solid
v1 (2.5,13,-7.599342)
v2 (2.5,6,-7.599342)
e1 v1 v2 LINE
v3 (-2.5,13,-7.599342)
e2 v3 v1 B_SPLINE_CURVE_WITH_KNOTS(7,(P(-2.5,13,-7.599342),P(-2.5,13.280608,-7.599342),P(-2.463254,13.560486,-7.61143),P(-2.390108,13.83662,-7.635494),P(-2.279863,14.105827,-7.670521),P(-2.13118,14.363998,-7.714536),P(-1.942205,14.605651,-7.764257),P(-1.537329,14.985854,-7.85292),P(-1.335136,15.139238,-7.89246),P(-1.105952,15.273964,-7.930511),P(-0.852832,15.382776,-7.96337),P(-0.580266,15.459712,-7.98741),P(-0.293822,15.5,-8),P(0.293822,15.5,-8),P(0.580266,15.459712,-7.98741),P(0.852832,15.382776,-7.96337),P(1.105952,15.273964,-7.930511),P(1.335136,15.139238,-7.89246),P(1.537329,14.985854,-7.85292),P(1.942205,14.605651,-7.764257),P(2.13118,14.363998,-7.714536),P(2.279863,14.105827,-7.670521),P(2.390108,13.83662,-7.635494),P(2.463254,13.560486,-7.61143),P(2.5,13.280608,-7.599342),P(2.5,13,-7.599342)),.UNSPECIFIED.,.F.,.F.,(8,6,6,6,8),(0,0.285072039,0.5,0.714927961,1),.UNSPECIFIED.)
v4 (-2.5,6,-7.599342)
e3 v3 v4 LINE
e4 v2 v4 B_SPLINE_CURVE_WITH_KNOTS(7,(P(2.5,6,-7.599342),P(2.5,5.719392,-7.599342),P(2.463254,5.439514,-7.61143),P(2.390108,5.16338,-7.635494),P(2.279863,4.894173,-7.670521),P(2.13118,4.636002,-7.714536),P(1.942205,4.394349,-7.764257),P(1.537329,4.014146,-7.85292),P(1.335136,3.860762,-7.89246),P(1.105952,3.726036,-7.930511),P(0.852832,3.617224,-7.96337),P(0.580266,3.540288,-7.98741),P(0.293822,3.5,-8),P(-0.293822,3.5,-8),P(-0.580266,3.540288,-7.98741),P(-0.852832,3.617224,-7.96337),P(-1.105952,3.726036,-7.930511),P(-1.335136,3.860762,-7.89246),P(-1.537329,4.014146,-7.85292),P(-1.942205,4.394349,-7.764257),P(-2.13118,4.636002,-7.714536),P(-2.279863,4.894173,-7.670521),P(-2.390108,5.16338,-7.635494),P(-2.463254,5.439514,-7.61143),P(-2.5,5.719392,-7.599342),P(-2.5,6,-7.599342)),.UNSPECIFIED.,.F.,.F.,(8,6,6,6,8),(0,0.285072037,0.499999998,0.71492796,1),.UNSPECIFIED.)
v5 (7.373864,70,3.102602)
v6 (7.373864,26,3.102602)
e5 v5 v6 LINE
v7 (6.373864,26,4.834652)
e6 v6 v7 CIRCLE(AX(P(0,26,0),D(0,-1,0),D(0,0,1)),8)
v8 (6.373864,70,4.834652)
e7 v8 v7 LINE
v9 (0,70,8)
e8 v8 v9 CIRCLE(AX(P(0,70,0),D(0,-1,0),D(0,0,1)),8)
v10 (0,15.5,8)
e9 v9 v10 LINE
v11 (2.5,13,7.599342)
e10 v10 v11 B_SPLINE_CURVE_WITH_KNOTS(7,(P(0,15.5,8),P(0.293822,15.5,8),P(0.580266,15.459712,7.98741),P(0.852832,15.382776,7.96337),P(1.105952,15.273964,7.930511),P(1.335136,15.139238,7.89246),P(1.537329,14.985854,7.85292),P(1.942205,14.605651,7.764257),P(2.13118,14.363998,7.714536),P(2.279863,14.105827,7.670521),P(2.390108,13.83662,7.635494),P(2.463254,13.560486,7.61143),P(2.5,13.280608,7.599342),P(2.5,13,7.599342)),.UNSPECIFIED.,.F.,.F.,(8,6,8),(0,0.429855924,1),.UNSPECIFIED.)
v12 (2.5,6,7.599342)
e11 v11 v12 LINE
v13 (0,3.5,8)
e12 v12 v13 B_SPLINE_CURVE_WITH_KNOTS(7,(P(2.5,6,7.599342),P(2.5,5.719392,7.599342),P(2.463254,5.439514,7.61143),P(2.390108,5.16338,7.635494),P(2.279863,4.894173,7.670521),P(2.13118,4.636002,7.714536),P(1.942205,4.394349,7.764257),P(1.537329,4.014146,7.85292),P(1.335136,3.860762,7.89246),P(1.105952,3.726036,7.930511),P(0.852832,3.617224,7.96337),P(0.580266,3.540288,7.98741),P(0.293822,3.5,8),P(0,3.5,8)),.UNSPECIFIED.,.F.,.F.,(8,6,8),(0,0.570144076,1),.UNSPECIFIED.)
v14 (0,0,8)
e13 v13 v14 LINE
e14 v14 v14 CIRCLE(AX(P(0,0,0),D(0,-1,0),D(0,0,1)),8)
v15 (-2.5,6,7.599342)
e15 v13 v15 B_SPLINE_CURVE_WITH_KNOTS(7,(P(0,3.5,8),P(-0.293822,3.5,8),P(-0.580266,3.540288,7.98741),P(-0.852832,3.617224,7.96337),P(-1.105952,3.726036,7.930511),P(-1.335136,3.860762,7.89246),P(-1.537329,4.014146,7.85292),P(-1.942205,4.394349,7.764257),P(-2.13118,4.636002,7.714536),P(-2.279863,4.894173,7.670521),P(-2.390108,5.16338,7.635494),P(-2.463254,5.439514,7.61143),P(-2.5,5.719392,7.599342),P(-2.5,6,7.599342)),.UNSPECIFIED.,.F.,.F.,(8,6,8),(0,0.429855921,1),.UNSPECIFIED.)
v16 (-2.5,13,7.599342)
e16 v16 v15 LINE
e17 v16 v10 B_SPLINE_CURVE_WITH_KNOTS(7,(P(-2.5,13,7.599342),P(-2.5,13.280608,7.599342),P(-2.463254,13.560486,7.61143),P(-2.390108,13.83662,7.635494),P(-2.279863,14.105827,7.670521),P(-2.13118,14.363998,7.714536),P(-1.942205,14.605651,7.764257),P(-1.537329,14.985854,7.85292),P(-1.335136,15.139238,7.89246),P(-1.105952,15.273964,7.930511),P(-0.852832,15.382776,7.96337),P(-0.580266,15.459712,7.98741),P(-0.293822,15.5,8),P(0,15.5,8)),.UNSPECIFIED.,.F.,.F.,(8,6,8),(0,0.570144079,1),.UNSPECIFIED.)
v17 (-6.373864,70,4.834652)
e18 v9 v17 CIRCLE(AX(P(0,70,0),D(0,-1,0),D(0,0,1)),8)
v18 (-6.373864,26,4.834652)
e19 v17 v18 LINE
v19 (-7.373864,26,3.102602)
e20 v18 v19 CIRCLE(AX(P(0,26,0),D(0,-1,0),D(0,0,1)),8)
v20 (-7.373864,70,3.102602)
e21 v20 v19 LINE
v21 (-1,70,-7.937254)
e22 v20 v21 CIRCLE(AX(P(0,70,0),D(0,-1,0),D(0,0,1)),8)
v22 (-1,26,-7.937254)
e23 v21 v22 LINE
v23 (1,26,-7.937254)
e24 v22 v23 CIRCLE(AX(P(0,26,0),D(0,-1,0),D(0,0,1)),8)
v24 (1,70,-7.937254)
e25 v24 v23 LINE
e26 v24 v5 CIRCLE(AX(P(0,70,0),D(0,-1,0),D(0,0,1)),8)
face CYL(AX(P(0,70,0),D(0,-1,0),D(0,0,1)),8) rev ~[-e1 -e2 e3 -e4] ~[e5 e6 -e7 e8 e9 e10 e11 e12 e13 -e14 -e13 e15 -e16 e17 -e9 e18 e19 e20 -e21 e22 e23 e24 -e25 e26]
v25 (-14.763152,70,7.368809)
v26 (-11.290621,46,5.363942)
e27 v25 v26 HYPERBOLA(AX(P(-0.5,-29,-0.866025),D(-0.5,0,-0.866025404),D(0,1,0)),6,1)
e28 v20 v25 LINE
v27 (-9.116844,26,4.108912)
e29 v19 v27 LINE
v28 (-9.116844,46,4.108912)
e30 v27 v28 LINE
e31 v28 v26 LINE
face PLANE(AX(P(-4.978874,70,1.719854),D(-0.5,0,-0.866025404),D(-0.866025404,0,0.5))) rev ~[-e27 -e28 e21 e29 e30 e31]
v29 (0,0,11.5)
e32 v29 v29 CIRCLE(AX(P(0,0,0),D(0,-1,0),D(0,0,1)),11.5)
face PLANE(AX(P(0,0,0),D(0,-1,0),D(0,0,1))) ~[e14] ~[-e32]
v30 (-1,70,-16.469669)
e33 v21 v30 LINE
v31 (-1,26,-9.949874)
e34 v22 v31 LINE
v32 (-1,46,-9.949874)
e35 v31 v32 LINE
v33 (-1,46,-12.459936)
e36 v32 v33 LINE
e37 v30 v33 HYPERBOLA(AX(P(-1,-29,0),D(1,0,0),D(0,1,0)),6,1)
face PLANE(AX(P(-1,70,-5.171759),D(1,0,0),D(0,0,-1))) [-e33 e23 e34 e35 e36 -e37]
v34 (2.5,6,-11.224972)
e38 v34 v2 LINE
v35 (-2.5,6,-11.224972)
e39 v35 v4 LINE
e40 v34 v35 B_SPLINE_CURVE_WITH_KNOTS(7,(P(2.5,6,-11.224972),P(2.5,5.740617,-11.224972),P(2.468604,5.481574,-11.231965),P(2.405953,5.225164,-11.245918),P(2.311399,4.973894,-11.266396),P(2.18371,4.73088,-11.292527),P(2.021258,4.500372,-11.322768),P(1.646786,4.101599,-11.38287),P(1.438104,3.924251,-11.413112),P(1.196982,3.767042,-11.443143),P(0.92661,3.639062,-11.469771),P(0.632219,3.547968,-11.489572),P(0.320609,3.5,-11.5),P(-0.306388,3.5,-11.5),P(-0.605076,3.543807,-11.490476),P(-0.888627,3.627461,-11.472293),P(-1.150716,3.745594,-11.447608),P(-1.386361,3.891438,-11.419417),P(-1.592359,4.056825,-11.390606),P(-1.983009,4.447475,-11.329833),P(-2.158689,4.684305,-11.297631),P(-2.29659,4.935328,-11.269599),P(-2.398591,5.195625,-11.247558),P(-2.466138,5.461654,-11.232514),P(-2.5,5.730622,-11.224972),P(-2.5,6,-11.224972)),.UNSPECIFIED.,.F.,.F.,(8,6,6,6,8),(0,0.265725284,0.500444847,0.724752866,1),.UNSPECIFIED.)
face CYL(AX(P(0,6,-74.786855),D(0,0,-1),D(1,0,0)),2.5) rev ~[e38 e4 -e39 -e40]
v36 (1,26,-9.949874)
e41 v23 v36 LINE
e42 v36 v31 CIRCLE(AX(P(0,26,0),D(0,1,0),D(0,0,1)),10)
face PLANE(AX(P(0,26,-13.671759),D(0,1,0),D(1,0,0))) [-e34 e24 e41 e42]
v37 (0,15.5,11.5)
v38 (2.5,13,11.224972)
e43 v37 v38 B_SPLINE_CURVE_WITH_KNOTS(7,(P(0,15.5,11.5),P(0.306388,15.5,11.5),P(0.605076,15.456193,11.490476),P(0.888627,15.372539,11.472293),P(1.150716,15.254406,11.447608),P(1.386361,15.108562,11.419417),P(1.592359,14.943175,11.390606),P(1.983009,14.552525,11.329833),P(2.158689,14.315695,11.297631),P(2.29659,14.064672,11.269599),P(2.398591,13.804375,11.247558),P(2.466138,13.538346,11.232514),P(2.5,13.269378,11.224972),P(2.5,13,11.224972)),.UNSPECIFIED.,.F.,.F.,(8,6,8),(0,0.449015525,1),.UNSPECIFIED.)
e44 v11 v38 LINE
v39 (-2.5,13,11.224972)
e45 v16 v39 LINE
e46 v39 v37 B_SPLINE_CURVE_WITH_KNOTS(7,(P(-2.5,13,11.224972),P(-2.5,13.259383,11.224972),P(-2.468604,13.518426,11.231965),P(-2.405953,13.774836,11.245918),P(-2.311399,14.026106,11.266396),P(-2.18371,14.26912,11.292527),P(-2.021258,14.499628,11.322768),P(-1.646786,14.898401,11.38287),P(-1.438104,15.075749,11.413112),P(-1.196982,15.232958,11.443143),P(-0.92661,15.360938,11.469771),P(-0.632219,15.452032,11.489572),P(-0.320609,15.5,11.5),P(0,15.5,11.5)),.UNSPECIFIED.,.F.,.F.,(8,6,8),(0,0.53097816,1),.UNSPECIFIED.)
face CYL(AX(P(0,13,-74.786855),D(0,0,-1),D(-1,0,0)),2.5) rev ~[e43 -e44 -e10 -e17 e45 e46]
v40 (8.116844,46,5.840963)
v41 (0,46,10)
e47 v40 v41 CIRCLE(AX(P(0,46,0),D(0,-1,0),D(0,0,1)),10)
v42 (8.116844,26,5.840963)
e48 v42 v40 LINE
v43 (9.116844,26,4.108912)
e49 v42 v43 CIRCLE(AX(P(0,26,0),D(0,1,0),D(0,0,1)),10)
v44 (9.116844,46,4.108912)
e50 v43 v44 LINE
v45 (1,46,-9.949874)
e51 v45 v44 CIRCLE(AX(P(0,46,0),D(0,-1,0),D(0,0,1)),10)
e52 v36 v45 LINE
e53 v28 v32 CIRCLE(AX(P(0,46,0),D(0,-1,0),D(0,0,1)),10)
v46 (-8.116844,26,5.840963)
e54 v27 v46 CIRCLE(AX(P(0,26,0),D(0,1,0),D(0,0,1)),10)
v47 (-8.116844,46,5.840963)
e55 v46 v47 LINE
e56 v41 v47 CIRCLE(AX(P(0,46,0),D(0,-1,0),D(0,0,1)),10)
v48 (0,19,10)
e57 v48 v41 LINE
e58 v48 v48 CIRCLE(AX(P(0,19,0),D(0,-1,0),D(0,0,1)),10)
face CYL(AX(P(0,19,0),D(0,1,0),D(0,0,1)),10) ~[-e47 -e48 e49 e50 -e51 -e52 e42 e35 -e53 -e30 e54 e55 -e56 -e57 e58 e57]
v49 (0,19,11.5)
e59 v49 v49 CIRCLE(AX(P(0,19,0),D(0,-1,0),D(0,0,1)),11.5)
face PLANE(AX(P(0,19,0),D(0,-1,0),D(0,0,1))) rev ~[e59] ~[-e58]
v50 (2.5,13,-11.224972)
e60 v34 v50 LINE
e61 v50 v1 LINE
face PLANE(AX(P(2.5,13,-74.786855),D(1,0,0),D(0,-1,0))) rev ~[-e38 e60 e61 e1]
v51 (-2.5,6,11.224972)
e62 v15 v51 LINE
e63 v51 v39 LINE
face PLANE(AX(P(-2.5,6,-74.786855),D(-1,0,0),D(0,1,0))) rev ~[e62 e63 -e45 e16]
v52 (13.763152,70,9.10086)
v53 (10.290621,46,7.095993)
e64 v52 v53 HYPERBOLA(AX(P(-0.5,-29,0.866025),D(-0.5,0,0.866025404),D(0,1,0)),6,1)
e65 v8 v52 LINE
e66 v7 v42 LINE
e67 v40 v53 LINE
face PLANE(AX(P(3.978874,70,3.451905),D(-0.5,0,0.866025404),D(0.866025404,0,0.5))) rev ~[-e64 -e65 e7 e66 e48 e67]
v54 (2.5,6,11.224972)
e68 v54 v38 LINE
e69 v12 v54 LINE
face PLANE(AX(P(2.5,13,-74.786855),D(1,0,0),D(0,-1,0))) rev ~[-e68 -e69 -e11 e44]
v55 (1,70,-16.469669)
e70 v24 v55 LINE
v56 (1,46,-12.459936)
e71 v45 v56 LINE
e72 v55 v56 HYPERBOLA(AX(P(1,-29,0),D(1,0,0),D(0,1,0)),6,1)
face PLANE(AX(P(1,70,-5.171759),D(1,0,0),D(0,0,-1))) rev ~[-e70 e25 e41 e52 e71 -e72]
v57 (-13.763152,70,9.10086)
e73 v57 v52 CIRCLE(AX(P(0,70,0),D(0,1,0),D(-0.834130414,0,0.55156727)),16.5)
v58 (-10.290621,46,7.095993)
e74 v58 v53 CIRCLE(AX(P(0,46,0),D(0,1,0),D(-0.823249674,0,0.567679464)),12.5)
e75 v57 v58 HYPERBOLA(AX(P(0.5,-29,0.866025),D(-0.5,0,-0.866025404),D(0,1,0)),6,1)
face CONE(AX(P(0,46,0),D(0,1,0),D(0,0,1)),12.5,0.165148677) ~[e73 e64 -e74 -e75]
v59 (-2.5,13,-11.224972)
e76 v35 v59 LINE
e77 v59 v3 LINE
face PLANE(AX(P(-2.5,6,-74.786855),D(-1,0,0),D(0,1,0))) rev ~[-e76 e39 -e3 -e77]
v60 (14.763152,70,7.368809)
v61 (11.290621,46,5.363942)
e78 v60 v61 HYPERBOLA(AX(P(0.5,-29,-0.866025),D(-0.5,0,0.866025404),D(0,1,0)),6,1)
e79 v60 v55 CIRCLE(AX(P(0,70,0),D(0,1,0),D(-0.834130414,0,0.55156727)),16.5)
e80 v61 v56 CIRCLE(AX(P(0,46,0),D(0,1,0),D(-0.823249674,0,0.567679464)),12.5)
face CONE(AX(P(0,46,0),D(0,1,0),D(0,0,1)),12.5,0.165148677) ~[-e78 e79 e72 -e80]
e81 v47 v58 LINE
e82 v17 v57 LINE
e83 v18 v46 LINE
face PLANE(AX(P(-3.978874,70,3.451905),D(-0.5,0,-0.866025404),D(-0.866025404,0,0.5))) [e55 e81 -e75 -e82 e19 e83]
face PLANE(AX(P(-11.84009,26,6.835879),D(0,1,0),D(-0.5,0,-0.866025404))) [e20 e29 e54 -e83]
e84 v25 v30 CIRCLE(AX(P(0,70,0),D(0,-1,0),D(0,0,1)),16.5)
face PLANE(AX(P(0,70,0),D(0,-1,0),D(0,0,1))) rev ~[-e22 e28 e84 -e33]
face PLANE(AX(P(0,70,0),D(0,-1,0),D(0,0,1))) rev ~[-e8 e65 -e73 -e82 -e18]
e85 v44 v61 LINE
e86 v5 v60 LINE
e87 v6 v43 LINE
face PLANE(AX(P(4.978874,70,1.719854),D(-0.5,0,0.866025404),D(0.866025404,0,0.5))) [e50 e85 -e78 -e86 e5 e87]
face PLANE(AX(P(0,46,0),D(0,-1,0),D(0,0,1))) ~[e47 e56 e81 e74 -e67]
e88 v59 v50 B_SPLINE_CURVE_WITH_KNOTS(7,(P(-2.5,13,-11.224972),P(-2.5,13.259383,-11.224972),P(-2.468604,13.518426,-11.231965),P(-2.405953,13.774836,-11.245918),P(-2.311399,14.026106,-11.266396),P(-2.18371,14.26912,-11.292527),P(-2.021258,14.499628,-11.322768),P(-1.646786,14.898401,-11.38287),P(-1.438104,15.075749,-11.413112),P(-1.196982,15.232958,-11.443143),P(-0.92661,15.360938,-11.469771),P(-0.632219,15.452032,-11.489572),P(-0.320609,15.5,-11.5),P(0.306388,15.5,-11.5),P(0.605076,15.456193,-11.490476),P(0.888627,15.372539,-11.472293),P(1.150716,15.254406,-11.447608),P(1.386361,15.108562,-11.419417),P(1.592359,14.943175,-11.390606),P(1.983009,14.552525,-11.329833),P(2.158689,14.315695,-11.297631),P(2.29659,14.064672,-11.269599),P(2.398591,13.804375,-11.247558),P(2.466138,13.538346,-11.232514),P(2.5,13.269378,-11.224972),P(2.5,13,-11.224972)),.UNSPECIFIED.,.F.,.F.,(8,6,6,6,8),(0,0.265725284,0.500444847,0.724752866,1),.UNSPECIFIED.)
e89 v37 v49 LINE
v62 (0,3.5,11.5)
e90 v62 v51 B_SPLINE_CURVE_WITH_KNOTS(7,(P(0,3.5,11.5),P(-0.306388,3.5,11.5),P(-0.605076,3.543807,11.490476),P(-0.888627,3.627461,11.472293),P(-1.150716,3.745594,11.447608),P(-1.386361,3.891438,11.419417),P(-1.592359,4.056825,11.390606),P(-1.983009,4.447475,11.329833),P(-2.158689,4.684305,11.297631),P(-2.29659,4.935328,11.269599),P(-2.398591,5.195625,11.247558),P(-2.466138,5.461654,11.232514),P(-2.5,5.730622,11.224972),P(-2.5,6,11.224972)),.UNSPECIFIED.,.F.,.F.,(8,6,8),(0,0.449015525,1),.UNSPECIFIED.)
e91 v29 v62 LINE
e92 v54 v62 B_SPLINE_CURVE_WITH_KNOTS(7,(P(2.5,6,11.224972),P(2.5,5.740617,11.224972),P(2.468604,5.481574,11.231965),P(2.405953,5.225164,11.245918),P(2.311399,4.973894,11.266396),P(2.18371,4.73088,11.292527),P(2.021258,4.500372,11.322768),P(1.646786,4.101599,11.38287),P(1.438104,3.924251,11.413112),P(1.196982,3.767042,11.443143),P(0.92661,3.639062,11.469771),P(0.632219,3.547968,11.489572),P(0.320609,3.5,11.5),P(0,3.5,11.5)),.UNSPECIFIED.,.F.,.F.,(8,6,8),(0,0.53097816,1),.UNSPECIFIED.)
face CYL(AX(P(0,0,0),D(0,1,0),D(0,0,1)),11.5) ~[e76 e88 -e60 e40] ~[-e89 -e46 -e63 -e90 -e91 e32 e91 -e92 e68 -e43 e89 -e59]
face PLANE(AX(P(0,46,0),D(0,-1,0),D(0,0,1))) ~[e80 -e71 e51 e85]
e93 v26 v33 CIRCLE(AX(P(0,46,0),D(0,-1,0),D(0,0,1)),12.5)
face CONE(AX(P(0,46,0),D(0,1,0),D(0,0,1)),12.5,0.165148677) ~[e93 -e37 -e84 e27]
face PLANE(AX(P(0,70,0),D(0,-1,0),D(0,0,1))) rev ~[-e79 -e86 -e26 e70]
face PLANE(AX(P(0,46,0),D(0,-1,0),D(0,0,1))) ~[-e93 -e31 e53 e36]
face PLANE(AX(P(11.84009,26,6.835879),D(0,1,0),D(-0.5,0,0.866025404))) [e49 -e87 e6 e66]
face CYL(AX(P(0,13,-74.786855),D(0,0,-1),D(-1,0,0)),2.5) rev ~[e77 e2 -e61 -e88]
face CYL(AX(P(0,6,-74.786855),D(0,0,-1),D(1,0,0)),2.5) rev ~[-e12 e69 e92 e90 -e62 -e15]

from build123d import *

# Parameters (mm, degrees)
CUT_EXTRUDE1_DEPTH      = 74.786855198
CUT_EXTRUDE1_DEPTH_BACK = 74.786855198
SKETCH3_W               = 2
SKETCH3_H               = 17
CUT_EXTRUDE2_DEPTH      = 44
CIRPATTERN1_COUNT       = 3


with BuildPart() as part:
    # Sketch1 → Revolve1 (revolve)
    with BuildSketch(Plane.XY, mode=Mode.PRIVATE) as revolve1_sk:
        Polygon((8, 0), (11.5, 0), (11.5, 19), (10, 19), (10, 46), (12.5, 46), (16.5, 70), (8, 70), align=None)
    revolve(revolve1_sk.sketch.rotate(Axis((0, 72.635796235, 0), (0, -1, 0)), 90), axis=Axis((0, 72.635796235, 0), (0, -1, 0)))

    # Sketch2 → Cut-Extrude1 (cut, two sides: drawn at the far end of the back side and taken through both)
    with BuildSketch(Plane.XY.offset(-CUT_EXTRUDE1_DEPTH_BACK)):
        with BuildLine():
            Line((2.5, 13), (2.5, 6))
            ThreePointArc((2.5, 6), (0, 3.5), (-2.5, 6))
            Line((-2.5, 6), (-2.5, 13))
            ThreePointArc((-2.5, 13), (0, 15.5), (2.5, 13))
        make_face()
    extrude(amount=CUT_EXTRUDE1_DEPTH + CUT_EXTRUDE1_DEPTH_BACK, mode=Mode.SUBTRACT)

    # Sketch3 → Cut-Extrude2 (cut)
    with BuildSketch(Plane(origin=(0, 70, 0), x_dir=(1, 0, 0), z_dir=(0, 1, 0))):
        with Locations((0, 13.67175851)):
            Rectangle(SKETCH3_W, SKETCH3_H)
    cut_extrude2 = extrude(amount=-CUT_EXTRUDE2_DEPTH, mode=Mode.SUBTRACT)

    # CirPattern1: Cut-Extrude2 ×3 about axis
    cirpattern1_axis = Axis((0, 0, 0), (0, 1, 0))
    for i in range(1, CIRPATTERN1_COUNT):
        add(cut_extrude2.rotate(cirpattern1_axis, i * 360 / CIRPATTERN1_COUNT), mode=Mode.SUBTRACT)


solid = part.part
